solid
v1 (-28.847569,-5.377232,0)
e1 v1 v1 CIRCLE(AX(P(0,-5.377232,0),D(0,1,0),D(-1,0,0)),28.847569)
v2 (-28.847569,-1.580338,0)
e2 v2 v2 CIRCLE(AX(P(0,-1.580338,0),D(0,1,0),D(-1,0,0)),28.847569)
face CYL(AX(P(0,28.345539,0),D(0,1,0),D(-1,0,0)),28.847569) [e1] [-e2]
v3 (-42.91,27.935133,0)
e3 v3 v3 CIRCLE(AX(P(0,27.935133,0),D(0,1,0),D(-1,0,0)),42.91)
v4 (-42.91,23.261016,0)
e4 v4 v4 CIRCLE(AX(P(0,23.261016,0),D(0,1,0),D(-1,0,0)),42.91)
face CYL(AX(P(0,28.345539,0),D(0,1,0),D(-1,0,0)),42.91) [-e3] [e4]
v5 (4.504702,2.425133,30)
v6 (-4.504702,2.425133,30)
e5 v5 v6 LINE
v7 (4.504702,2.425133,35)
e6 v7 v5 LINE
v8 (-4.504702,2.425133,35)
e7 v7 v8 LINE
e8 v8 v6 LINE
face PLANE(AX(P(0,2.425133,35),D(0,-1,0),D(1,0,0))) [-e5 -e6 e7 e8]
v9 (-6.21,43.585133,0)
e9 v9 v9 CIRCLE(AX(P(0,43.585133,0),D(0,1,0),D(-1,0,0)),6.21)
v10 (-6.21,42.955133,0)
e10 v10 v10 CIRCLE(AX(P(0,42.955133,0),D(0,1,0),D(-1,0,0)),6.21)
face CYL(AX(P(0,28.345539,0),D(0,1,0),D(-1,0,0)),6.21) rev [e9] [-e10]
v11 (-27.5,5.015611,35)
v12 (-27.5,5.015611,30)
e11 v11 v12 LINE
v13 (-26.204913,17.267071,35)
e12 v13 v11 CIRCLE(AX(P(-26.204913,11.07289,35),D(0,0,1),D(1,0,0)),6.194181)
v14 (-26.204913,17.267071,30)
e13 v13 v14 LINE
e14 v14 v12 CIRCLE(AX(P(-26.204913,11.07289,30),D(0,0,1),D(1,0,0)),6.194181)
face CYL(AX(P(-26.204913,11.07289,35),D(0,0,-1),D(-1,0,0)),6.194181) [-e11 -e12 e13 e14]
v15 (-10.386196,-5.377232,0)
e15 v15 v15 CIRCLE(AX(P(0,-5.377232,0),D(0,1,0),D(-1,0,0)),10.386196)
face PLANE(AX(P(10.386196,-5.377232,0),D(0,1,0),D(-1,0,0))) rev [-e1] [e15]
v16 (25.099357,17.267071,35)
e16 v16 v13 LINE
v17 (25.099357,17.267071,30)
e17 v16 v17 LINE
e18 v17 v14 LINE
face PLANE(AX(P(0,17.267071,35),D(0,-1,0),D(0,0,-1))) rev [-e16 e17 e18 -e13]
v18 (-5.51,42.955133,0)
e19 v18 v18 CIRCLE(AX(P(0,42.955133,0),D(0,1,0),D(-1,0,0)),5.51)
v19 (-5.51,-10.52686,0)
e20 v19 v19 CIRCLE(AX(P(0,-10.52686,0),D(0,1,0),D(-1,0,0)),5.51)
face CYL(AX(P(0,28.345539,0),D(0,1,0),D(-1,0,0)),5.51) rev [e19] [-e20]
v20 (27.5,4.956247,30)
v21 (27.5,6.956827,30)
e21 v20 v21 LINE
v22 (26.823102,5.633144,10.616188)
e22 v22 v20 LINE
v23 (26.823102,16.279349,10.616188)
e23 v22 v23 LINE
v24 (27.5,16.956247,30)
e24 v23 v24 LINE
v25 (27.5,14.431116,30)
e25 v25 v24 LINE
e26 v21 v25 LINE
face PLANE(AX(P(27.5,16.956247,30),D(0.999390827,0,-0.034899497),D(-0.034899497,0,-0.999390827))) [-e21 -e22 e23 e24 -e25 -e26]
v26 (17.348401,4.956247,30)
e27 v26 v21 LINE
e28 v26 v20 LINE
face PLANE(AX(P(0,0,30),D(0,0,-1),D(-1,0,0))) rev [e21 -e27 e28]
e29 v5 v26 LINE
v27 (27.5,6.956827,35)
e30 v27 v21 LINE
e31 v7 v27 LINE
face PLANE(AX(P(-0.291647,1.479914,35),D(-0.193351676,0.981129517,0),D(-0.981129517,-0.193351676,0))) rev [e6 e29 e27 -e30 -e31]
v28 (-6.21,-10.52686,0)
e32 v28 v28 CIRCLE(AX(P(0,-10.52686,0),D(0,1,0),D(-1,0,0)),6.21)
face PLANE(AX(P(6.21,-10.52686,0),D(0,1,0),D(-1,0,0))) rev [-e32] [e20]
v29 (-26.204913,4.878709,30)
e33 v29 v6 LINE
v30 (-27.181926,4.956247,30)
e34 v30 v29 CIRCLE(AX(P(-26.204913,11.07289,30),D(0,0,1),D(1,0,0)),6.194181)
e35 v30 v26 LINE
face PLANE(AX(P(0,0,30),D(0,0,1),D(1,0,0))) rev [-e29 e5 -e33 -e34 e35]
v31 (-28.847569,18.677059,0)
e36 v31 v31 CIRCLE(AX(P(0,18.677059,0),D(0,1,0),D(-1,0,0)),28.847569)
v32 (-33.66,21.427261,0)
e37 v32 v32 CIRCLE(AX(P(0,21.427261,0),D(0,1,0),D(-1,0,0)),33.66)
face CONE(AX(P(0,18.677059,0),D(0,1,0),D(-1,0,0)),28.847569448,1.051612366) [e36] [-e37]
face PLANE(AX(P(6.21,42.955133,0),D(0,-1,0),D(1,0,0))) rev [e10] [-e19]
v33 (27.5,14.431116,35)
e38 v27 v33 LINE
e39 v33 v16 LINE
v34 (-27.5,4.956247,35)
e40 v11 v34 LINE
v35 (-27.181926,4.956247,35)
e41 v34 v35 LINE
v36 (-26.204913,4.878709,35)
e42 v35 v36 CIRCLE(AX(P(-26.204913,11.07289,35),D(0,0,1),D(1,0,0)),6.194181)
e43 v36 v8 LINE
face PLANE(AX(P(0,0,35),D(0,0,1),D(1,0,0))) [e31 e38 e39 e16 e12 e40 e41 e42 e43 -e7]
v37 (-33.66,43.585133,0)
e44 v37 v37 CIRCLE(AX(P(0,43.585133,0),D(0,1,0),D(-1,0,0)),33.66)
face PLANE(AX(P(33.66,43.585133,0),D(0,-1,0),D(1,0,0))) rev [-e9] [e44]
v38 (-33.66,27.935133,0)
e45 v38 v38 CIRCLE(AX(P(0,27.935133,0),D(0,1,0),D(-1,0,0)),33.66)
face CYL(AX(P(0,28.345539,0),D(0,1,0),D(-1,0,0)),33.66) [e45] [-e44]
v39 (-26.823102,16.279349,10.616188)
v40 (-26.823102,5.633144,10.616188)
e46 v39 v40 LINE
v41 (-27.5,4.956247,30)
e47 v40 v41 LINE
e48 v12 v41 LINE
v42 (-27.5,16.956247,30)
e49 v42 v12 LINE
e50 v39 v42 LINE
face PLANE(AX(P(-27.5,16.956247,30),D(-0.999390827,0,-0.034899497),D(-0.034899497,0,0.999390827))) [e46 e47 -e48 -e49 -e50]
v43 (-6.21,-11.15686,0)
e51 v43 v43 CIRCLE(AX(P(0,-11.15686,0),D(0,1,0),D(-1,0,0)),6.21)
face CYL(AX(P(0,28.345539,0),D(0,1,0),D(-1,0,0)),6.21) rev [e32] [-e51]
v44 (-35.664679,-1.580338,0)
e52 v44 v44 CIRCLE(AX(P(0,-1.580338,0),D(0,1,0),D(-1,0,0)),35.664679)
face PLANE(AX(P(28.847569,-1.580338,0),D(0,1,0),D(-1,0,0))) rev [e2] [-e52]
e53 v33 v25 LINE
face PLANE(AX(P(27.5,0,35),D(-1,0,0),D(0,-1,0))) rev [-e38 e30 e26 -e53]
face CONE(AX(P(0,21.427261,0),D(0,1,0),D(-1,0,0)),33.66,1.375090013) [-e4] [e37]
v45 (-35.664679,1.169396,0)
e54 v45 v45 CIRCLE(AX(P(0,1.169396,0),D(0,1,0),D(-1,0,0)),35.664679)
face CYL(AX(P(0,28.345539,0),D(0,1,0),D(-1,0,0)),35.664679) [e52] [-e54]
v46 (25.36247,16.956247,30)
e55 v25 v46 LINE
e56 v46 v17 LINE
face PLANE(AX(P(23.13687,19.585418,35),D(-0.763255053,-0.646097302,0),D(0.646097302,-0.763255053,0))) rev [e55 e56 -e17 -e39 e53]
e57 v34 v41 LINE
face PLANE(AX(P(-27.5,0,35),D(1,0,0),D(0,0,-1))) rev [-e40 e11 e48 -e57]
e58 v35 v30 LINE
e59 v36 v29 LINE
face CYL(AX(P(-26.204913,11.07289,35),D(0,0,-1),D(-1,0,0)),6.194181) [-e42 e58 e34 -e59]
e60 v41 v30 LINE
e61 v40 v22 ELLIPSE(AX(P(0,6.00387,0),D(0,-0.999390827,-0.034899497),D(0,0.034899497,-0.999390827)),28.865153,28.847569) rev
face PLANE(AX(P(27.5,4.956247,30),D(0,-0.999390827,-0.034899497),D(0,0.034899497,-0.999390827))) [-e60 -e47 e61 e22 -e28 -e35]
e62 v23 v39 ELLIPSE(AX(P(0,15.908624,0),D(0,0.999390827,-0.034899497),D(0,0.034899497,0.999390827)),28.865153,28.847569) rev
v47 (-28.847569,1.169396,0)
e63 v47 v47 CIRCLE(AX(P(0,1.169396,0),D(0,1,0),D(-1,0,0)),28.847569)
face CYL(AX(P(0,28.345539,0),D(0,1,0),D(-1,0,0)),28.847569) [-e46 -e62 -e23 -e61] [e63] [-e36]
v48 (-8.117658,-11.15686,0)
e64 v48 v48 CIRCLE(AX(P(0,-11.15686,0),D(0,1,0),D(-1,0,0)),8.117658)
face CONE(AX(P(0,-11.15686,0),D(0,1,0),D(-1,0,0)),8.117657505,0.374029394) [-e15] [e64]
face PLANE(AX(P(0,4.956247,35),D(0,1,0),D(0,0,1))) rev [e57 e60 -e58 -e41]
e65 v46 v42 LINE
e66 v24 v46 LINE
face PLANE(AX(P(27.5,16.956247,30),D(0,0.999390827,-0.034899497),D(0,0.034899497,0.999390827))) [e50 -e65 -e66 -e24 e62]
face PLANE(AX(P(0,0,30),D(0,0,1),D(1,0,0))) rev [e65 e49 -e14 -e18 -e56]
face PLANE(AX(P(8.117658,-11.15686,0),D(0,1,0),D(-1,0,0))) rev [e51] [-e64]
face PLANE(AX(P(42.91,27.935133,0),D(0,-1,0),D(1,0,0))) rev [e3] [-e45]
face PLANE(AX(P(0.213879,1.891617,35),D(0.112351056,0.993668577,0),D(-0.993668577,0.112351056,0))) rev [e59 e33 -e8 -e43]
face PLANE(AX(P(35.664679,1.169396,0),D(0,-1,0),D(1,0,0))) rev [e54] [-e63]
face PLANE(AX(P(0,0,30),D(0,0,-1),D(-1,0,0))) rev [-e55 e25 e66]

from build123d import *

# Parameters (mm, degrees)
BOSS_EXTRUDE1_REACH      = 97.167
BOSS_EXTRUDE1_END_RADIUS = 28.847569448
SKETCH2_W                = 55
SKETCH2_H                = 12
BOSS_EXTRUDE1_DRAFT      = -2
BOSS_EXTRUDE2_DEPTH      = 5


with BuildPart() as part:
    # Sketch1 → Revolve1 (revolve)
    with BuildSketch(Plane.XY, mode=Mode.PRIVATE) as revolve1_sk:
        Polygon((5.51, 42.955132593), (5.51, -10.526859692), (6.21, -10.526859692), (6.21, -11.156859692), (8.117657505, -11.156859692), (10.386196058, -5.377232125), (28.847569448, -5.377232125), (28.847569448, -1.58033765), (35.664678952, -1.58033765), (35.664678952, 1.169396269), (28.847569448, 1.169396269), (28.847569448, 18.677058662), (33.66, 21.427260592), (42.91, 23.261015516), (42.91, 27.935132593), (33.66, 27.935132593), (33.66, 43.585132593), (6.21, 43.585132593), (6.21, 42.955132593), align=None)
    revolve(revolve1_sk.sketch.rotate(Axis((0, 28.345538502, 0), (0, -1, 0)), 180), axis=Axis((0, 28.345538502, 0), (0, -1, 0)))

    # Boss-Extrude1: up to this cylinder (the profile starts outside it)
    boss_extrude1_end = Plane(origin=(0, 10.956247, 0), z_dir=(0, 1, 0)) * Cylinder(BOSS_EXTRUDE1_END_RADIUS, 253.029138896, mode=Mode.PRIVATE)



with BuildPart() as boss_extrude1_long_prism_1:
    # Sketch2 → Boss-Extrude1 (the long prism of profile 1, to be tilted and cut off)
    with BuildSketch(Plane.XY.offset(30)):
        with Locations((0, 10.956246724)):
            Rectangle(SKETCH2_W, SKETCH2_H)
    extrude(amount=-BOSS_EXTRUDE1_REACH)
    boss_extrude1_tool1_sides = [boss_extrude1_long_prism_1.faces().sort_by_distance(p)[0] for p in [
        (0, 16.956246724, -18.5835),
        (-27.5, 10.956246724, -18.5835),
        (0, 4.956246724, -18.5835),
        (27.5, 10.956246724, -18.5835),
    ]]
    draft(boss_extrude1_tool1_sides, Plane.XY.offset(30), BOSS_EXTRUDE1_DRAFT)  # the draft: side faces tilted about the start plane


with BuildPart() as part_1:
    add(part.part)
    boss_extrude1_tool1 = boss_extrude1_long_prism_1.part - boss_extrude1_end
    add(boss_extrude1_tool1.solids().sort_by_distance((0, 10.956247, 30))[0])

    # Sketch3 → Boss-Extrude2 (add)
    with BuildSketch(Plane.XY.offset(30)):
        with BuildLine():
            ThreePointArc((-27.18192553, 4.956246724), (-26.694955, 4.898123787), (-26.204912516, 4.878708906))
            Line((-26.204912516, 4.878708906), (-4.504702211, 2.425132726))
            Line((-4.504702211, 2.425132726), (4.504702211, 2.425132726))
            Line((4.504702211, 2.425132726), (27.5, 6.956827348))
            Line((27.5, 6.956827348), (27.5, 14.431115524))
            Line((27.5, 14.431115524), (25.099356835, 17.26707076))
            Line((25.099356835, 17.26707076), (-26.204912516, 17.26707076))
            ThreePointArc((-26.204912516, 17.26707076), (-32.364772816, 11.724041467), (-27.5, 5.01561109))
            Line((-27.5, 5.01561109), (-27.5, 4.956246724))
            Line((-27.5, 4.956246724), (-27.18192553, 4.956246724))
        make_face()
    extrude(amount=BOSS_EXTRUDE2_DEPTH)


solid = part_1.part
